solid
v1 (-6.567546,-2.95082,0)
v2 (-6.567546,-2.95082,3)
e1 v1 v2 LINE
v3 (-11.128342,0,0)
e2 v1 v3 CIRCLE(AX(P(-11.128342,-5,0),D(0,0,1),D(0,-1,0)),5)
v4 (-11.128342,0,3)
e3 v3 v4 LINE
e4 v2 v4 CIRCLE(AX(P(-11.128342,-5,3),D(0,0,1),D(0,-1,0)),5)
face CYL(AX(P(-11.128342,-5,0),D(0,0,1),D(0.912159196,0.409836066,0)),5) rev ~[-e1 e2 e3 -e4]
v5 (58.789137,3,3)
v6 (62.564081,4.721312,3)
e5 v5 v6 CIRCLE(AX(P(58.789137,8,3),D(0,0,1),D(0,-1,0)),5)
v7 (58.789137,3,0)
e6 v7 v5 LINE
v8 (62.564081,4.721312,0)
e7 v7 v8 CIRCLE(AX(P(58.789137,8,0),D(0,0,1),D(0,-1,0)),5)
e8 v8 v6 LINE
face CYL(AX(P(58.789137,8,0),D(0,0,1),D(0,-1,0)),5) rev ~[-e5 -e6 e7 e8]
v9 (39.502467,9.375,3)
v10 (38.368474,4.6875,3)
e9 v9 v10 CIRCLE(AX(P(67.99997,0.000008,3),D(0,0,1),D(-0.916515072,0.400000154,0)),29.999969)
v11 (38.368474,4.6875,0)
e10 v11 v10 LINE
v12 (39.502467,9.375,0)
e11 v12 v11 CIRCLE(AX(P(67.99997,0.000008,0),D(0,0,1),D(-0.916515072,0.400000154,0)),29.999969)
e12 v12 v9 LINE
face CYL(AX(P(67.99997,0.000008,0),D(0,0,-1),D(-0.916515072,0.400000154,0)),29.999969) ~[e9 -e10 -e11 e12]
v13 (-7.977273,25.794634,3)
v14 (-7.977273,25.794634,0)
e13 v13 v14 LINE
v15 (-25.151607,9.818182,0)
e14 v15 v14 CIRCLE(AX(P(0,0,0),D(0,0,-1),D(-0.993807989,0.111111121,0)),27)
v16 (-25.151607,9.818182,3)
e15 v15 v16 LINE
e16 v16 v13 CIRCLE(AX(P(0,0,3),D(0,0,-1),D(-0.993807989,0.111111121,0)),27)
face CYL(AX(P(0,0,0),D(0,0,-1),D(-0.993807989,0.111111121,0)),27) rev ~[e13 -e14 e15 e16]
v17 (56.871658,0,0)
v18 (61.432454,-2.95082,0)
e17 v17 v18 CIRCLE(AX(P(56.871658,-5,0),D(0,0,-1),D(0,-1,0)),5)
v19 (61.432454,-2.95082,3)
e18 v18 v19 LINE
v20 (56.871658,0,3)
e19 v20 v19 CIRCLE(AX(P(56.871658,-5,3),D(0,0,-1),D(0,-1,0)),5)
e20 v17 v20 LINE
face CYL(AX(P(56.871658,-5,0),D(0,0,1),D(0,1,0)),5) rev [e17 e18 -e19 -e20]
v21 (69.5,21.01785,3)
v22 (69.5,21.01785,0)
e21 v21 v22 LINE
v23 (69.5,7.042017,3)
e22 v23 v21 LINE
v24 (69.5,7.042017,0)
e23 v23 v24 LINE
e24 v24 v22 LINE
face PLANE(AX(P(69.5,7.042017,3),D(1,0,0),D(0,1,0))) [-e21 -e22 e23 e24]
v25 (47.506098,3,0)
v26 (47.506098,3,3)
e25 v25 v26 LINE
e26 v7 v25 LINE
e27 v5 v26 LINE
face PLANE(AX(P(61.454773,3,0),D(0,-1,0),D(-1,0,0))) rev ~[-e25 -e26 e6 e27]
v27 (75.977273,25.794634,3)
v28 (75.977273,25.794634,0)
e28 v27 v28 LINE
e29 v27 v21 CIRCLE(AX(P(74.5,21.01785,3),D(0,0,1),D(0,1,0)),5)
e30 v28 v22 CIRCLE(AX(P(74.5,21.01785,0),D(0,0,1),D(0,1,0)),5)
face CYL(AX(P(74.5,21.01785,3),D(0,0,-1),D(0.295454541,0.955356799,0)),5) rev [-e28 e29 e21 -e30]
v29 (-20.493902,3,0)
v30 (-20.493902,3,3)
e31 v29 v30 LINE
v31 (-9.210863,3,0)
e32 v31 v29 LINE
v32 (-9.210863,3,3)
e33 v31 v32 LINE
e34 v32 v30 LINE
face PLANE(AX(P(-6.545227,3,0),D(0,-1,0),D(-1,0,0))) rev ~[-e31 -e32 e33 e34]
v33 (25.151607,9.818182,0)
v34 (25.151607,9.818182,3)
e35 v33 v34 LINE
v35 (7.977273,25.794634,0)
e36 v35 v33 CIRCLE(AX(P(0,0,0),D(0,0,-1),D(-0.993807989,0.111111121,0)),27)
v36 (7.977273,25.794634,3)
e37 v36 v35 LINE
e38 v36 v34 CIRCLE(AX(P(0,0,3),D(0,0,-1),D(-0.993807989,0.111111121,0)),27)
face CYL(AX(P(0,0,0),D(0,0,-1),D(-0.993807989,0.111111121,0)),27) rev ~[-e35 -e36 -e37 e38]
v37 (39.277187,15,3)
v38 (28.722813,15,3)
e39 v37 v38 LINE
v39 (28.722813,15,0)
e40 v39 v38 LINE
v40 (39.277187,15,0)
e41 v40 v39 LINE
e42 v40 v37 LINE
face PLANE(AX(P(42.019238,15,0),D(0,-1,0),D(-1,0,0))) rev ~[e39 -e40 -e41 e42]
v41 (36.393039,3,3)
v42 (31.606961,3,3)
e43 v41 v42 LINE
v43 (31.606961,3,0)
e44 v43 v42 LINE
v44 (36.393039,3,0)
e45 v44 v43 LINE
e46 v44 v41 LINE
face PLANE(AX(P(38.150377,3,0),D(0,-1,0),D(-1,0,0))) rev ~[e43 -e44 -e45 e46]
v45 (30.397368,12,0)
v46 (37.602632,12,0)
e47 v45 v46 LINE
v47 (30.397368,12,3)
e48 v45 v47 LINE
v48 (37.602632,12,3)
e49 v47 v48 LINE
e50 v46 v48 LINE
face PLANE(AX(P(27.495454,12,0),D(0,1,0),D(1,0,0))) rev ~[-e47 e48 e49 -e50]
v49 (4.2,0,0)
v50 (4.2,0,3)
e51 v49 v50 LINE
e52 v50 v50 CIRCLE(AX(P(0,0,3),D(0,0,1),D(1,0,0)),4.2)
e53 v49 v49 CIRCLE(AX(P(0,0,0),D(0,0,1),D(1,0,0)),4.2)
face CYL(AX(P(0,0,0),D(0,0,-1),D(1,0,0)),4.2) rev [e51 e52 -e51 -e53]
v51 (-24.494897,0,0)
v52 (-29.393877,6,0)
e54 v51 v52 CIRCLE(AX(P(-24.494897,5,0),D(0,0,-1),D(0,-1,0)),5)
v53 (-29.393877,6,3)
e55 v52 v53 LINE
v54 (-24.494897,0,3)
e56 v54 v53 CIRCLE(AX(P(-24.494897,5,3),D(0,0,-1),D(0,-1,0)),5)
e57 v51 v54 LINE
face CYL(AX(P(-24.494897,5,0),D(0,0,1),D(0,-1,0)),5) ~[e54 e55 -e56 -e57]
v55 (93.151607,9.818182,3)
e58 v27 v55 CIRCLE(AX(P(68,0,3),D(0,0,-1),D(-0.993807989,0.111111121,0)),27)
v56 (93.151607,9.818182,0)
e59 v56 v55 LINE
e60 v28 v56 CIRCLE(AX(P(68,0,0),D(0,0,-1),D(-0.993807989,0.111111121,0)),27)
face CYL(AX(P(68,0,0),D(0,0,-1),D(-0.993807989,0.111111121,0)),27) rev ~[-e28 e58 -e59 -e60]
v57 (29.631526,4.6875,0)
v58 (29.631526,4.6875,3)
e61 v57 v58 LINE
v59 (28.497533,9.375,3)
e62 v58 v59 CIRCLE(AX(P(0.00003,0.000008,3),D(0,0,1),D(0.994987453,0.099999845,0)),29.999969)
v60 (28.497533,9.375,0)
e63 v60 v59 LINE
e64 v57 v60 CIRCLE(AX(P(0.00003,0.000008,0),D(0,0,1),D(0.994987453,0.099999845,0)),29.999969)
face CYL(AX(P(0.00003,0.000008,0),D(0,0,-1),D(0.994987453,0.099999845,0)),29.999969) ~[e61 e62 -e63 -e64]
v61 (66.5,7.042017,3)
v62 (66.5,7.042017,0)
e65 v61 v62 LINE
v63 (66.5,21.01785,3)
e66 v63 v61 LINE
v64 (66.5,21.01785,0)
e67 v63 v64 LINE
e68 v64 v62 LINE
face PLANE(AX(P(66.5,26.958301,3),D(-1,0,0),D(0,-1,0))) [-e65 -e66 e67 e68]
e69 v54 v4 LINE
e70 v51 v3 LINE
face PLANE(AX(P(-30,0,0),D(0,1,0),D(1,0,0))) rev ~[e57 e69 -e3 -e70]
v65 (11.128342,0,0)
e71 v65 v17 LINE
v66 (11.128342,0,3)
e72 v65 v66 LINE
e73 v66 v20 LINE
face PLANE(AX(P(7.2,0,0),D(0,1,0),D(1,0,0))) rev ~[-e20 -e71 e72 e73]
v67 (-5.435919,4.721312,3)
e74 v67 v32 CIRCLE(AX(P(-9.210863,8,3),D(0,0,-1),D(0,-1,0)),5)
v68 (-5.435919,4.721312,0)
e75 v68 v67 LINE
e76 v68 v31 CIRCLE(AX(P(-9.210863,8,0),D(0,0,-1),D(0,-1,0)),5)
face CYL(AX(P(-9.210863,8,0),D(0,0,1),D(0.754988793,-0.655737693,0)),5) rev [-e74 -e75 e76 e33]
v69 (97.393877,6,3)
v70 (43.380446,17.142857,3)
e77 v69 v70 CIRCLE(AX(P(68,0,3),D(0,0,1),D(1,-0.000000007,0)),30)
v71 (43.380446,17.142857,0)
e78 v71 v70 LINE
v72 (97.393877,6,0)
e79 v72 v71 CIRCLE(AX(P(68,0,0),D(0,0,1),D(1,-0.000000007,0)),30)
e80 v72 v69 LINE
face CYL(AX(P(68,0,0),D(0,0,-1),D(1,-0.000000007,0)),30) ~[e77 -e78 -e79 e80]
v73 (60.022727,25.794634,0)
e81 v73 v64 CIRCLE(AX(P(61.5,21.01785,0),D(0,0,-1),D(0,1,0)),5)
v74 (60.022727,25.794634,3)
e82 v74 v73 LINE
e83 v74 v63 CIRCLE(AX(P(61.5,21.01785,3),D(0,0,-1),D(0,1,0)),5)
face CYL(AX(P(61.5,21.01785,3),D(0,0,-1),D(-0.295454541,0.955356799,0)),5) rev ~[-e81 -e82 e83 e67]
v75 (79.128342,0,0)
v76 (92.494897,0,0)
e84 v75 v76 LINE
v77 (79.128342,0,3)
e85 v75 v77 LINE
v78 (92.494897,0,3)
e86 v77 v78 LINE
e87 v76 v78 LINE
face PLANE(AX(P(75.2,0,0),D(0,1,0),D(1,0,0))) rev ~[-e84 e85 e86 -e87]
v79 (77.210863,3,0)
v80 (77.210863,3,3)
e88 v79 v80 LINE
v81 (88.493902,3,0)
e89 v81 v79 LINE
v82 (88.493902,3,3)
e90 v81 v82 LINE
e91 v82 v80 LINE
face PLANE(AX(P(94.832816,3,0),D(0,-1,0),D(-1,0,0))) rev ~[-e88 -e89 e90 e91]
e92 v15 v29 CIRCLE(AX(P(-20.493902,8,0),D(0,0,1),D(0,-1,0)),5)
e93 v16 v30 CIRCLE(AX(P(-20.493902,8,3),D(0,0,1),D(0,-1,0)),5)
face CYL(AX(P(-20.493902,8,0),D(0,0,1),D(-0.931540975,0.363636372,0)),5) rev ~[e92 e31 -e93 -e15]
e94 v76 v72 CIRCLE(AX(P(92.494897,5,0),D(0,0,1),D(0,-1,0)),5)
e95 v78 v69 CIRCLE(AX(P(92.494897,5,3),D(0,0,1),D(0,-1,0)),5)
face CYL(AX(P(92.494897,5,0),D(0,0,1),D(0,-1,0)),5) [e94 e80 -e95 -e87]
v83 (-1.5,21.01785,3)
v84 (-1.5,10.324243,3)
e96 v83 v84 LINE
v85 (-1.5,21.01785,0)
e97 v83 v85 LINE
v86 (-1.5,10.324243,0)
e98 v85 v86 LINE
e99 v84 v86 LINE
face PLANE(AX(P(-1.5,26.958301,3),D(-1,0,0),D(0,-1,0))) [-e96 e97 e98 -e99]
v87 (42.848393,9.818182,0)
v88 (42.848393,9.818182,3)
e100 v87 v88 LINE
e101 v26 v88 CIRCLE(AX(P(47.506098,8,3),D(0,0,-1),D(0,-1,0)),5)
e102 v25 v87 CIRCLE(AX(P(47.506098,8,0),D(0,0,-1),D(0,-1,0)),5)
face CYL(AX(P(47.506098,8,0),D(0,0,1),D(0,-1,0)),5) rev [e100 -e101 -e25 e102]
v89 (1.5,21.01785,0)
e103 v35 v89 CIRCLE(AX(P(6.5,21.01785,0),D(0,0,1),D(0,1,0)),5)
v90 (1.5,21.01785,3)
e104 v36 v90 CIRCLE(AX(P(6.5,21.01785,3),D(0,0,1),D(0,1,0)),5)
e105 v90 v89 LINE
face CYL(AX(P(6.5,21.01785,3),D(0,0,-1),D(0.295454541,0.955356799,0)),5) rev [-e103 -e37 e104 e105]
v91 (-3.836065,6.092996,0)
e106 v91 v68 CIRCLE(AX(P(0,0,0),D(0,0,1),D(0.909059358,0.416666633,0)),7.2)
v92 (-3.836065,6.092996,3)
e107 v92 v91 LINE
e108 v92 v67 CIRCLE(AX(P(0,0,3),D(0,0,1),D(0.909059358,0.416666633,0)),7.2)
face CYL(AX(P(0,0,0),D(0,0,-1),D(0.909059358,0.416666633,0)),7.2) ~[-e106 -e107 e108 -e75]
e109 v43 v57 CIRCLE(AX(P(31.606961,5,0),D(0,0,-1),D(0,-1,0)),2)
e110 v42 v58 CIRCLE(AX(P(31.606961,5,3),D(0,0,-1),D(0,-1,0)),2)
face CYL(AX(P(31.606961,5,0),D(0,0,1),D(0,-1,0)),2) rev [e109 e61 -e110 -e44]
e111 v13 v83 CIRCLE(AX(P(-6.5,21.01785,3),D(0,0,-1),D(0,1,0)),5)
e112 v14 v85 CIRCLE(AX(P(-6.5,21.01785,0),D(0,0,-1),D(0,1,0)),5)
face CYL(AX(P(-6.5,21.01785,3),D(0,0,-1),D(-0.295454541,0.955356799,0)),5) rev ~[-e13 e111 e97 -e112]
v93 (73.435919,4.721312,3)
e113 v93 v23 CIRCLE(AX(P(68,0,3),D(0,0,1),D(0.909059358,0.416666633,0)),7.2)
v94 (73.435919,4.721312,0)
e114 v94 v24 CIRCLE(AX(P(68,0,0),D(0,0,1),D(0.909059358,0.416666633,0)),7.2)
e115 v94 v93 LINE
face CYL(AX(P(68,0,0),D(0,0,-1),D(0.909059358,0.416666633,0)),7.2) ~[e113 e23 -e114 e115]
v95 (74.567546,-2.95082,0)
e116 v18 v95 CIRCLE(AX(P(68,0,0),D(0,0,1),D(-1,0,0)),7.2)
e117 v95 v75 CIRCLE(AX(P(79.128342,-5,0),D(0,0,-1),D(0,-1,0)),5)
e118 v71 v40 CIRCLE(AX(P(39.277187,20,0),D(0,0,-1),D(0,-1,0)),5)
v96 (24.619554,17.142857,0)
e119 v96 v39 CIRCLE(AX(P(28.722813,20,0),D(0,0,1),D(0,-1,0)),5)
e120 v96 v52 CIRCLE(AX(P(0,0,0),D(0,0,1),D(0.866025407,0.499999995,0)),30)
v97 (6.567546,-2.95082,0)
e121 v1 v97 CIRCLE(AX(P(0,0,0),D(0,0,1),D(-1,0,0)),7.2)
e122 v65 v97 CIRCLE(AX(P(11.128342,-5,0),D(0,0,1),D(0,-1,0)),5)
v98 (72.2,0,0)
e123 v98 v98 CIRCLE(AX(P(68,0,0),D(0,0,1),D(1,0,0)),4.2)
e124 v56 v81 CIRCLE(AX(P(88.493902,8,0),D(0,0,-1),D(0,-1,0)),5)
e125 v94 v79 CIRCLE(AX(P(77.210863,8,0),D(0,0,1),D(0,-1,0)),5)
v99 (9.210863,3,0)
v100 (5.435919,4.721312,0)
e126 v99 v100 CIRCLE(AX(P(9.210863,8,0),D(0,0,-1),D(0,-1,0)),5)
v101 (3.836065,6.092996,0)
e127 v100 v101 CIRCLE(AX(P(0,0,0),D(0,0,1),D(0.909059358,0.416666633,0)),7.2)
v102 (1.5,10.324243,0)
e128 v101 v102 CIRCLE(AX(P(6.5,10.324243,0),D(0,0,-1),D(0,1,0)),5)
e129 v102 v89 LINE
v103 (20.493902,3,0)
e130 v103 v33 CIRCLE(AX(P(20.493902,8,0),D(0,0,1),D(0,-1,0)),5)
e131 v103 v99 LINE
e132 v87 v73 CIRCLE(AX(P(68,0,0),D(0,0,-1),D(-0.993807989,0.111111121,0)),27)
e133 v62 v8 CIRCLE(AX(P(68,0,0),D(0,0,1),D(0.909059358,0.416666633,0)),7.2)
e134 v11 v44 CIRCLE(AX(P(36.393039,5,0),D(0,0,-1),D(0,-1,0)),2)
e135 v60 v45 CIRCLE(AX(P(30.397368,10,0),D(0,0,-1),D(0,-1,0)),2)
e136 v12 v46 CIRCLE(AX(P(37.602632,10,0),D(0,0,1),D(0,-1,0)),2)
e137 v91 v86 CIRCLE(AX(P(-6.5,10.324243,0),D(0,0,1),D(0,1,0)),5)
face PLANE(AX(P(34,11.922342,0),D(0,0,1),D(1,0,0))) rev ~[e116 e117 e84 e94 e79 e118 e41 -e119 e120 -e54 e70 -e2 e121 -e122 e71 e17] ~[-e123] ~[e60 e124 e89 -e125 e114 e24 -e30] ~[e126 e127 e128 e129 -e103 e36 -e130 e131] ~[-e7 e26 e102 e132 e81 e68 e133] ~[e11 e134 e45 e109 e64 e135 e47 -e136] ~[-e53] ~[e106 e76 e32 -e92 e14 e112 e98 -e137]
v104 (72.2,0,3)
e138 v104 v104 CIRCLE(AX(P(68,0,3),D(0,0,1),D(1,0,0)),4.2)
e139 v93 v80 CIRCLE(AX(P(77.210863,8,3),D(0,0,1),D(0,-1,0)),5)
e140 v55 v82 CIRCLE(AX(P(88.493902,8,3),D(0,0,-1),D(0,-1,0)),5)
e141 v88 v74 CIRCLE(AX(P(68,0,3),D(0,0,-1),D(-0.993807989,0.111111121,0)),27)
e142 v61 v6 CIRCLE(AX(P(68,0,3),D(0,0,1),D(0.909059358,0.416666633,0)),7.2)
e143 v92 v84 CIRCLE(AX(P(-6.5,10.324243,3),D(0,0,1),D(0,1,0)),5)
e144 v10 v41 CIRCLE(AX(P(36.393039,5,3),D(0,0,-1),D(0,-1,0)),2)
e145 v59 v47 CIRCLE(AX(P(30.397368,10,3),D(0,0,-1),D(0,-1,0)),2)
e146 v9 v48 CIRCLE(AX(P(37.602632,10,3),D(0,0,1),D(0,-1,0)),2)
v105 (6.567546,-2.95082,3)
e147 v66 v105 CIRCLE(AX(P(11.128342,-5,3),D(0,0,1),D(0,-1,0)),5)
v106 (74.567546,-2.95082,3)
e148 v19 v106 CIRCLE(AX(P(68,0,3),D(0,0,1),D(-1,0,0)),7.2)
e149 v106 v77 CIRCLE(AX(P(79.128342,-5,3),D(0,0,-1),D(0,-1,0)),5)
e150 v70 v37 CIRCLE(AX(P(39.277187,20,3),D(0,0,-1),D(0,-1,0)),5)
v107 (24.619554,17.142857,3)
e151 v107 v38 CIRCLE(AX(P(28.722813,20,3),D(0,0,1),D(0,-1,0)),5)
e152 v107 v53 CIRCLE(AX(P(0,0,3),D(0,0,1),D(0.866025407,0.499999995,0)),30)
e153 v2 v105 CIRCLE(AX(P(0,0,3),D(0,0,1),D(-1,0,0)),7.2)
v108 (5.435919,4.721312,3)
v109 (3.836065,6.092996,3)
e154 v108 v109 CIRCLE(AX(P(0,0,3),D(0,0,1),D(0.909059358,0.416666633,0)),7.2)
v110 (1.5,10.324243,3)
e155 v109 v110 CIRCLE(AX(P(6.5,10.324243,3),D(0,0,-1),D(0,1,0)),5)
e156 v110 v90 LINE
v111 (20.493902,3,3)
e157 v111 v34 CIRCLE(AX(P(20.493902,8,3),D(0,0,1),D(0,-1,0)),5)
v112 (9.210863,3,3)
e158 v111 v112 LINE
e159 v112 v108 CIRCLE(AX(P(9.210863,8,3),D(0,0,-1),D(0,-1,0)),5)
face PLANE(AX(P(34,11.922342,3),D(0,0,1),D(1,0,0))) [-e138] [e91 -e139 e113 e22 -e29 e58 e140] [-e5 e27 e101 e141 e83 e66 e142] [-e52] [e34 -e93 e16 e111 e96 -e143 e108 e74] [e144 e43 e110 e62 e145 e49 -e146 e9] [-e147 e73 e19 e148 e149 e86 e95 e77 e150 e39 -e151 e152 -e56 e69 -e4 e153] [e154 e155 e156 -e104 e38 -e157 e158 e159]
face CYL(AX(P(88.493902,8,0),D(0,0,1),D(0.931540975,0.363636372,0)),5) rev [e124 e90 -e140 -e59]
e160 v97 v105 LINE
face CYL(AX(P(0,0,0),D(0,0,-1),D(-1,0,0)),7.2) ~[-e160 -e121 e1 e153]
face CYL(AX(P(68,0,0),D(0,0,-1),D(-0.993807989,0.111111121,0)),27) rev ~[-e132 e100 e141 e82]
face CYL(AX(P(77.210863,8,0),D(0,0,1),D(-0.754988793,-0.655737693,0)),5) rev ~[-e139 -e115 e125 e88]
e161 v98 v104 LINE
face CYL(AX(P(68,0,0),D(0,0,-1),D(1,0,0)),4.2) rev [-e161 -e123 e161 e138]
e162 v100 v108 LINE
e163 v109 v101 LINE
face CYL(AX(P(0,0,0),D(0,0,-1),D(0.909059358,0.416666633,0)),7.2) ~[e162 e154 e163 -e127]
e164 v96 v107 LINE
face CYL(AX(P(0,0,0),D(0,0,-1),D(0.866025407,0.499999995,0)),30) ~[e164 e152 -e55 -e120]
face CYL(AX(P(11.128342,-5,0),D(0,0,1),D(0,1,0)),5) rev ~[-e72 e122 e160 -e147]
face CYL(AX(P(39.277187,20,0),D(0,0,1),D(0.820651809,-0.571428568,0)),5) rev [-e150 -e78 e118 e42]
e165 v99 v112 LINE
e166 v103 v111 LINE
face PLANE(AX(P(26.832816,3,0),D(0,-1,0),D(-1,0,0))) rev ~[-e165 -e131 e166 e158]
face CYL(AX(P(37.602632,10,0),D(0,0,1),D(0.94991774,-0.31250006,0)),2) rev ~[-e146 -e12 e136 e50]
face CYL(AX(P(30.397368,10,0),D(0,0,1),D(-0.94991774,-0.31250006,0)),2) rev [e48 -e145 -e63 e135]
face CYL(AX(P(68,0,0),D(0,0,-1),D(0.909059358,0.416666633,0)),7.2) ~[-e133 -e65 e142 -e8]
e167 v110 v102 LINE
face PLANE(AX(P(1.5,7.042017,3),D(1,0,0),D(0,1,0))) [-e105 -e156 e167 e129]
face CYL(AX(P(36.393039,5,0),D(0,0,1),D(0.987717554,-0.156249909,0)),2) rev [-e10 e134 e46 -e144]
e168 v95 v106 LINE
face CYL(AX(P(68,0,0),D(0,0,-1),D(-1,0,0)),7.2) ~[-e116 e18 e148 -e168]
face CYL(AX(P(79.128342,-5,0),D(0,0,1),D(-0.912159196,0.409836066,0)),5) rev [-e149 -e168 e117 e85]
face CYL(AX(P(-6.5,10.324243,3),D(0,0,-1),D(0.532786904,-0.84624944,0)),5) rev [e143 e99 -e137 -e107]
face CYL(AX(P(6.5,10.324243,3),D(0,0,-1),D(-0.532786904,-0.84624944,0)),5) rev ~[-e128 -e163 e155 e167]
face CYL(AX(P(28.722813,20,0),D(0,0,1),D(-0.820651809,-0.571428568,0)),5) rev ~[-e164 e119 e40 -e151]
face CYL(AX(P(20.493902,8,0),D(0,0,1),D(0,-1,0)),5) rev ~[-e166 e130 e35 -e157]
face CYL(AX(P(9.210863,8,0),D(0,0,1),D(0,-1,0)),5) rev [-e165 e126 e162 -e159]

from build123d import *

# Parameters (mm, degrees)
F0_R     = 4.2
F1_DEPTH = 3
F3_DEPTH = 3
F4_R     = 5
F5_R     = 2


with BuildPart() as f1:
    # F0 (on Top) → F1 (new body)
    with BuildSketch(Plane.XY):
        with BuildLine():
            ThreePointArc((6.545227, 3), (7.034402, 1.535312), (7.2, 0))
            Line((7.2, 0), (30, 0))
            Line((30, 0), (38, 0))
            Line((38, 0), (60.8, 0))
            ThreePointArc((60.8, 0), (60.965598, 1.535312), (61.454773, 3))
            Line((61.454773, 3), (41.167184, 3))
            ThreePointArc((41.167184, 3), (68, 27), (94.832816, 3))
            Line((94.832816, 3), (74.545227, 3))
            ThreePointArc((74.545227, 3), (75.034402, 1.535312), (75.2, 0))
            Line((75.2, 0), (98, 0))
            ThreePointArc((98, 0), (75.764571, 28.977775), (42.019238, 15))
            Line((42.019238, 15), (25.980762, 15))
            ThreePointArc((25.980762, 15), (-7.764571, 28.977775), (-30, 0))
            Line((-30, 0), (-7.2, 0))
            ThreePointArc((-7.2, 0), (-7.034402, 1.535312), (-6.545227, 3))
            Line((-6.545227, 3), (-26.832816, 3))
            ThreePointArc((-26.832816, 3), (0, 27), (26.832816, 3))
            Line((26.832816, 3), (6.545227, 3))
        make_face()
        with BuildLine():
            Line((38.150377, 3), (29.849623, 3))
            ThreePointArc((29.849623, 3), (29.023516, 7.591807), (27.495454, 12))
            Line((27.495454, 12), (40.504546, 12))
            ThreePointArc((40.504546, 12), (38.976484, 7.591807), (38.150377, 3))
        make_face(mode=Mode.SUBTRACT)
        with BuildLine():
            ThreePointArc((-7.2, 0), (0, -7.2), (7.2, 0))
            ThreePointArc((7.2, 0), (7.034402, 1.535312), (6.545227, 3))
            ThreePointArc((6.545227, 3), (0, 7.2), (-6.545227, 3))
            ThreePointArc((-6.545227, 3), (-7.034402, 1.535312), (-7.2, 0))
        make_face()
        Circle(F0_R, mode=Mode.SUBTRACT)
        with BuildLine():
            ThreePointArc((61.454773, 3), (60.965598, 1.535312), (60.8, 0))
            ThreePointArc((60.8, 0), (68, -7.2), (75.2, 0))
            ThreePointArc((75.2, 0), (75.034402, 1.535312), (74.545227, 3))
            ThreePointArc((74.545227, 3), (68, 7.2), (61.454773, 3))
        make_face()
        with Locations((68, 0)):
            Circle(F0_R, mode=Mode.SUBTRACT)
    extrude(amount=F1_DEPTH)

    # F2 (on face) → F3 (join, through all)
    with BuildSketch(Plane.XY.offset(3)):
        with BuildLine():
            Line((1.5, 7.042017), (1.5, 26.958301))
            ThreePointArc((1.5, 26.958301), (0.75029, 26.989573), (0, 27))
            Line((0, 27), (0, 7.2))
            ThreePointArc((0, 7.2), (0.754148, 7.160395), (1.5, 7.042017))
        make_face()
        with BuildLine():
            Line((0, 7.2), (0, 27))
            ThreePointArc((0, 27), (-0.75029, 26.989573), (-1.5, 26.958301))
            Line((-1.5, 26.958301), (-1.5, 7.042017))
            ThreePointArc((-1.5, 7.042017), (-0.754148, 7.160395), (0, 7.2))
        make_face()
        with BuildLine():
            Line((68, 7.2), (68, 27))
            ThreePointArc((68, 27), (67.24971, 26.989573), (66.5, 26.958301))
            Line((66.5, 26.958301), (66.5, 7.042017))
            ThreePointArc((66.5, 7.042017), (67.245852, 7.160395), (68, 7.2))
        make_face()
        with BuildLine():
            Line((69.5, 7.042017), (69.5, 26.958301))
            ThreePointArc((69.5, 26.958301), (68.75029, 26.989573), (68, 27))
            Line((68, 27), (68, 7.2))
            ThreePointArc((68, 7.2), (68.754148, 7.160395), (69.5, 7.042017))
        make_face()
    extrude(amount=-F3_DEPTH)

    # F4
    f4_edges = [f1.edges().sort_by_distance(p)[0] for p in [
        (-26.832816, 3, 1.5),
        (26.832816, 3, 1.5),
        (94.832816, 3, 1.5),
        (41.167184, 3, 1.5),
        (-7.2, 0, 1.5),
        (7.2, 0, 1.5),
        (60.8, 0, 1.5),
        (75.2, 0, 1.5),
        (74.545227, 3, 1.5),
        (61.454773, 3, 1.5),
        (-6.545227, 3, 1.5),
        (6.545227, 3, 1.5),
        (25.980762, 15, 1.5),
        (42.019238, 15, 1.5),
        (98, 0, 1.5),
        (-30, 0, 1.5),
        (-1.5, 7.042017, 1.5),
        (1.5, 7.042017, 1.5),
        (1.5, 26.958301, 1.5),
        (-1.5, 26.958301, 1.5),
        (69.5, 26.958301, 1.5),
        (66.5, 26.958301, 1.5),
    ]]
    fillet(f4_edges, radius=F4_R)

    # F5
    f5_edges = [f1.edges().sort_by_distance(p)[0] for p in [
        (27.495454, 12, 1.5),
        (40.504546, 12, 1.5),
        (29.849623, 3, 1.5),
        (38.150377, 3, 1.5),
    ]]
    fillet(f5_edges, radius=F5_R)


solid = f1.part
